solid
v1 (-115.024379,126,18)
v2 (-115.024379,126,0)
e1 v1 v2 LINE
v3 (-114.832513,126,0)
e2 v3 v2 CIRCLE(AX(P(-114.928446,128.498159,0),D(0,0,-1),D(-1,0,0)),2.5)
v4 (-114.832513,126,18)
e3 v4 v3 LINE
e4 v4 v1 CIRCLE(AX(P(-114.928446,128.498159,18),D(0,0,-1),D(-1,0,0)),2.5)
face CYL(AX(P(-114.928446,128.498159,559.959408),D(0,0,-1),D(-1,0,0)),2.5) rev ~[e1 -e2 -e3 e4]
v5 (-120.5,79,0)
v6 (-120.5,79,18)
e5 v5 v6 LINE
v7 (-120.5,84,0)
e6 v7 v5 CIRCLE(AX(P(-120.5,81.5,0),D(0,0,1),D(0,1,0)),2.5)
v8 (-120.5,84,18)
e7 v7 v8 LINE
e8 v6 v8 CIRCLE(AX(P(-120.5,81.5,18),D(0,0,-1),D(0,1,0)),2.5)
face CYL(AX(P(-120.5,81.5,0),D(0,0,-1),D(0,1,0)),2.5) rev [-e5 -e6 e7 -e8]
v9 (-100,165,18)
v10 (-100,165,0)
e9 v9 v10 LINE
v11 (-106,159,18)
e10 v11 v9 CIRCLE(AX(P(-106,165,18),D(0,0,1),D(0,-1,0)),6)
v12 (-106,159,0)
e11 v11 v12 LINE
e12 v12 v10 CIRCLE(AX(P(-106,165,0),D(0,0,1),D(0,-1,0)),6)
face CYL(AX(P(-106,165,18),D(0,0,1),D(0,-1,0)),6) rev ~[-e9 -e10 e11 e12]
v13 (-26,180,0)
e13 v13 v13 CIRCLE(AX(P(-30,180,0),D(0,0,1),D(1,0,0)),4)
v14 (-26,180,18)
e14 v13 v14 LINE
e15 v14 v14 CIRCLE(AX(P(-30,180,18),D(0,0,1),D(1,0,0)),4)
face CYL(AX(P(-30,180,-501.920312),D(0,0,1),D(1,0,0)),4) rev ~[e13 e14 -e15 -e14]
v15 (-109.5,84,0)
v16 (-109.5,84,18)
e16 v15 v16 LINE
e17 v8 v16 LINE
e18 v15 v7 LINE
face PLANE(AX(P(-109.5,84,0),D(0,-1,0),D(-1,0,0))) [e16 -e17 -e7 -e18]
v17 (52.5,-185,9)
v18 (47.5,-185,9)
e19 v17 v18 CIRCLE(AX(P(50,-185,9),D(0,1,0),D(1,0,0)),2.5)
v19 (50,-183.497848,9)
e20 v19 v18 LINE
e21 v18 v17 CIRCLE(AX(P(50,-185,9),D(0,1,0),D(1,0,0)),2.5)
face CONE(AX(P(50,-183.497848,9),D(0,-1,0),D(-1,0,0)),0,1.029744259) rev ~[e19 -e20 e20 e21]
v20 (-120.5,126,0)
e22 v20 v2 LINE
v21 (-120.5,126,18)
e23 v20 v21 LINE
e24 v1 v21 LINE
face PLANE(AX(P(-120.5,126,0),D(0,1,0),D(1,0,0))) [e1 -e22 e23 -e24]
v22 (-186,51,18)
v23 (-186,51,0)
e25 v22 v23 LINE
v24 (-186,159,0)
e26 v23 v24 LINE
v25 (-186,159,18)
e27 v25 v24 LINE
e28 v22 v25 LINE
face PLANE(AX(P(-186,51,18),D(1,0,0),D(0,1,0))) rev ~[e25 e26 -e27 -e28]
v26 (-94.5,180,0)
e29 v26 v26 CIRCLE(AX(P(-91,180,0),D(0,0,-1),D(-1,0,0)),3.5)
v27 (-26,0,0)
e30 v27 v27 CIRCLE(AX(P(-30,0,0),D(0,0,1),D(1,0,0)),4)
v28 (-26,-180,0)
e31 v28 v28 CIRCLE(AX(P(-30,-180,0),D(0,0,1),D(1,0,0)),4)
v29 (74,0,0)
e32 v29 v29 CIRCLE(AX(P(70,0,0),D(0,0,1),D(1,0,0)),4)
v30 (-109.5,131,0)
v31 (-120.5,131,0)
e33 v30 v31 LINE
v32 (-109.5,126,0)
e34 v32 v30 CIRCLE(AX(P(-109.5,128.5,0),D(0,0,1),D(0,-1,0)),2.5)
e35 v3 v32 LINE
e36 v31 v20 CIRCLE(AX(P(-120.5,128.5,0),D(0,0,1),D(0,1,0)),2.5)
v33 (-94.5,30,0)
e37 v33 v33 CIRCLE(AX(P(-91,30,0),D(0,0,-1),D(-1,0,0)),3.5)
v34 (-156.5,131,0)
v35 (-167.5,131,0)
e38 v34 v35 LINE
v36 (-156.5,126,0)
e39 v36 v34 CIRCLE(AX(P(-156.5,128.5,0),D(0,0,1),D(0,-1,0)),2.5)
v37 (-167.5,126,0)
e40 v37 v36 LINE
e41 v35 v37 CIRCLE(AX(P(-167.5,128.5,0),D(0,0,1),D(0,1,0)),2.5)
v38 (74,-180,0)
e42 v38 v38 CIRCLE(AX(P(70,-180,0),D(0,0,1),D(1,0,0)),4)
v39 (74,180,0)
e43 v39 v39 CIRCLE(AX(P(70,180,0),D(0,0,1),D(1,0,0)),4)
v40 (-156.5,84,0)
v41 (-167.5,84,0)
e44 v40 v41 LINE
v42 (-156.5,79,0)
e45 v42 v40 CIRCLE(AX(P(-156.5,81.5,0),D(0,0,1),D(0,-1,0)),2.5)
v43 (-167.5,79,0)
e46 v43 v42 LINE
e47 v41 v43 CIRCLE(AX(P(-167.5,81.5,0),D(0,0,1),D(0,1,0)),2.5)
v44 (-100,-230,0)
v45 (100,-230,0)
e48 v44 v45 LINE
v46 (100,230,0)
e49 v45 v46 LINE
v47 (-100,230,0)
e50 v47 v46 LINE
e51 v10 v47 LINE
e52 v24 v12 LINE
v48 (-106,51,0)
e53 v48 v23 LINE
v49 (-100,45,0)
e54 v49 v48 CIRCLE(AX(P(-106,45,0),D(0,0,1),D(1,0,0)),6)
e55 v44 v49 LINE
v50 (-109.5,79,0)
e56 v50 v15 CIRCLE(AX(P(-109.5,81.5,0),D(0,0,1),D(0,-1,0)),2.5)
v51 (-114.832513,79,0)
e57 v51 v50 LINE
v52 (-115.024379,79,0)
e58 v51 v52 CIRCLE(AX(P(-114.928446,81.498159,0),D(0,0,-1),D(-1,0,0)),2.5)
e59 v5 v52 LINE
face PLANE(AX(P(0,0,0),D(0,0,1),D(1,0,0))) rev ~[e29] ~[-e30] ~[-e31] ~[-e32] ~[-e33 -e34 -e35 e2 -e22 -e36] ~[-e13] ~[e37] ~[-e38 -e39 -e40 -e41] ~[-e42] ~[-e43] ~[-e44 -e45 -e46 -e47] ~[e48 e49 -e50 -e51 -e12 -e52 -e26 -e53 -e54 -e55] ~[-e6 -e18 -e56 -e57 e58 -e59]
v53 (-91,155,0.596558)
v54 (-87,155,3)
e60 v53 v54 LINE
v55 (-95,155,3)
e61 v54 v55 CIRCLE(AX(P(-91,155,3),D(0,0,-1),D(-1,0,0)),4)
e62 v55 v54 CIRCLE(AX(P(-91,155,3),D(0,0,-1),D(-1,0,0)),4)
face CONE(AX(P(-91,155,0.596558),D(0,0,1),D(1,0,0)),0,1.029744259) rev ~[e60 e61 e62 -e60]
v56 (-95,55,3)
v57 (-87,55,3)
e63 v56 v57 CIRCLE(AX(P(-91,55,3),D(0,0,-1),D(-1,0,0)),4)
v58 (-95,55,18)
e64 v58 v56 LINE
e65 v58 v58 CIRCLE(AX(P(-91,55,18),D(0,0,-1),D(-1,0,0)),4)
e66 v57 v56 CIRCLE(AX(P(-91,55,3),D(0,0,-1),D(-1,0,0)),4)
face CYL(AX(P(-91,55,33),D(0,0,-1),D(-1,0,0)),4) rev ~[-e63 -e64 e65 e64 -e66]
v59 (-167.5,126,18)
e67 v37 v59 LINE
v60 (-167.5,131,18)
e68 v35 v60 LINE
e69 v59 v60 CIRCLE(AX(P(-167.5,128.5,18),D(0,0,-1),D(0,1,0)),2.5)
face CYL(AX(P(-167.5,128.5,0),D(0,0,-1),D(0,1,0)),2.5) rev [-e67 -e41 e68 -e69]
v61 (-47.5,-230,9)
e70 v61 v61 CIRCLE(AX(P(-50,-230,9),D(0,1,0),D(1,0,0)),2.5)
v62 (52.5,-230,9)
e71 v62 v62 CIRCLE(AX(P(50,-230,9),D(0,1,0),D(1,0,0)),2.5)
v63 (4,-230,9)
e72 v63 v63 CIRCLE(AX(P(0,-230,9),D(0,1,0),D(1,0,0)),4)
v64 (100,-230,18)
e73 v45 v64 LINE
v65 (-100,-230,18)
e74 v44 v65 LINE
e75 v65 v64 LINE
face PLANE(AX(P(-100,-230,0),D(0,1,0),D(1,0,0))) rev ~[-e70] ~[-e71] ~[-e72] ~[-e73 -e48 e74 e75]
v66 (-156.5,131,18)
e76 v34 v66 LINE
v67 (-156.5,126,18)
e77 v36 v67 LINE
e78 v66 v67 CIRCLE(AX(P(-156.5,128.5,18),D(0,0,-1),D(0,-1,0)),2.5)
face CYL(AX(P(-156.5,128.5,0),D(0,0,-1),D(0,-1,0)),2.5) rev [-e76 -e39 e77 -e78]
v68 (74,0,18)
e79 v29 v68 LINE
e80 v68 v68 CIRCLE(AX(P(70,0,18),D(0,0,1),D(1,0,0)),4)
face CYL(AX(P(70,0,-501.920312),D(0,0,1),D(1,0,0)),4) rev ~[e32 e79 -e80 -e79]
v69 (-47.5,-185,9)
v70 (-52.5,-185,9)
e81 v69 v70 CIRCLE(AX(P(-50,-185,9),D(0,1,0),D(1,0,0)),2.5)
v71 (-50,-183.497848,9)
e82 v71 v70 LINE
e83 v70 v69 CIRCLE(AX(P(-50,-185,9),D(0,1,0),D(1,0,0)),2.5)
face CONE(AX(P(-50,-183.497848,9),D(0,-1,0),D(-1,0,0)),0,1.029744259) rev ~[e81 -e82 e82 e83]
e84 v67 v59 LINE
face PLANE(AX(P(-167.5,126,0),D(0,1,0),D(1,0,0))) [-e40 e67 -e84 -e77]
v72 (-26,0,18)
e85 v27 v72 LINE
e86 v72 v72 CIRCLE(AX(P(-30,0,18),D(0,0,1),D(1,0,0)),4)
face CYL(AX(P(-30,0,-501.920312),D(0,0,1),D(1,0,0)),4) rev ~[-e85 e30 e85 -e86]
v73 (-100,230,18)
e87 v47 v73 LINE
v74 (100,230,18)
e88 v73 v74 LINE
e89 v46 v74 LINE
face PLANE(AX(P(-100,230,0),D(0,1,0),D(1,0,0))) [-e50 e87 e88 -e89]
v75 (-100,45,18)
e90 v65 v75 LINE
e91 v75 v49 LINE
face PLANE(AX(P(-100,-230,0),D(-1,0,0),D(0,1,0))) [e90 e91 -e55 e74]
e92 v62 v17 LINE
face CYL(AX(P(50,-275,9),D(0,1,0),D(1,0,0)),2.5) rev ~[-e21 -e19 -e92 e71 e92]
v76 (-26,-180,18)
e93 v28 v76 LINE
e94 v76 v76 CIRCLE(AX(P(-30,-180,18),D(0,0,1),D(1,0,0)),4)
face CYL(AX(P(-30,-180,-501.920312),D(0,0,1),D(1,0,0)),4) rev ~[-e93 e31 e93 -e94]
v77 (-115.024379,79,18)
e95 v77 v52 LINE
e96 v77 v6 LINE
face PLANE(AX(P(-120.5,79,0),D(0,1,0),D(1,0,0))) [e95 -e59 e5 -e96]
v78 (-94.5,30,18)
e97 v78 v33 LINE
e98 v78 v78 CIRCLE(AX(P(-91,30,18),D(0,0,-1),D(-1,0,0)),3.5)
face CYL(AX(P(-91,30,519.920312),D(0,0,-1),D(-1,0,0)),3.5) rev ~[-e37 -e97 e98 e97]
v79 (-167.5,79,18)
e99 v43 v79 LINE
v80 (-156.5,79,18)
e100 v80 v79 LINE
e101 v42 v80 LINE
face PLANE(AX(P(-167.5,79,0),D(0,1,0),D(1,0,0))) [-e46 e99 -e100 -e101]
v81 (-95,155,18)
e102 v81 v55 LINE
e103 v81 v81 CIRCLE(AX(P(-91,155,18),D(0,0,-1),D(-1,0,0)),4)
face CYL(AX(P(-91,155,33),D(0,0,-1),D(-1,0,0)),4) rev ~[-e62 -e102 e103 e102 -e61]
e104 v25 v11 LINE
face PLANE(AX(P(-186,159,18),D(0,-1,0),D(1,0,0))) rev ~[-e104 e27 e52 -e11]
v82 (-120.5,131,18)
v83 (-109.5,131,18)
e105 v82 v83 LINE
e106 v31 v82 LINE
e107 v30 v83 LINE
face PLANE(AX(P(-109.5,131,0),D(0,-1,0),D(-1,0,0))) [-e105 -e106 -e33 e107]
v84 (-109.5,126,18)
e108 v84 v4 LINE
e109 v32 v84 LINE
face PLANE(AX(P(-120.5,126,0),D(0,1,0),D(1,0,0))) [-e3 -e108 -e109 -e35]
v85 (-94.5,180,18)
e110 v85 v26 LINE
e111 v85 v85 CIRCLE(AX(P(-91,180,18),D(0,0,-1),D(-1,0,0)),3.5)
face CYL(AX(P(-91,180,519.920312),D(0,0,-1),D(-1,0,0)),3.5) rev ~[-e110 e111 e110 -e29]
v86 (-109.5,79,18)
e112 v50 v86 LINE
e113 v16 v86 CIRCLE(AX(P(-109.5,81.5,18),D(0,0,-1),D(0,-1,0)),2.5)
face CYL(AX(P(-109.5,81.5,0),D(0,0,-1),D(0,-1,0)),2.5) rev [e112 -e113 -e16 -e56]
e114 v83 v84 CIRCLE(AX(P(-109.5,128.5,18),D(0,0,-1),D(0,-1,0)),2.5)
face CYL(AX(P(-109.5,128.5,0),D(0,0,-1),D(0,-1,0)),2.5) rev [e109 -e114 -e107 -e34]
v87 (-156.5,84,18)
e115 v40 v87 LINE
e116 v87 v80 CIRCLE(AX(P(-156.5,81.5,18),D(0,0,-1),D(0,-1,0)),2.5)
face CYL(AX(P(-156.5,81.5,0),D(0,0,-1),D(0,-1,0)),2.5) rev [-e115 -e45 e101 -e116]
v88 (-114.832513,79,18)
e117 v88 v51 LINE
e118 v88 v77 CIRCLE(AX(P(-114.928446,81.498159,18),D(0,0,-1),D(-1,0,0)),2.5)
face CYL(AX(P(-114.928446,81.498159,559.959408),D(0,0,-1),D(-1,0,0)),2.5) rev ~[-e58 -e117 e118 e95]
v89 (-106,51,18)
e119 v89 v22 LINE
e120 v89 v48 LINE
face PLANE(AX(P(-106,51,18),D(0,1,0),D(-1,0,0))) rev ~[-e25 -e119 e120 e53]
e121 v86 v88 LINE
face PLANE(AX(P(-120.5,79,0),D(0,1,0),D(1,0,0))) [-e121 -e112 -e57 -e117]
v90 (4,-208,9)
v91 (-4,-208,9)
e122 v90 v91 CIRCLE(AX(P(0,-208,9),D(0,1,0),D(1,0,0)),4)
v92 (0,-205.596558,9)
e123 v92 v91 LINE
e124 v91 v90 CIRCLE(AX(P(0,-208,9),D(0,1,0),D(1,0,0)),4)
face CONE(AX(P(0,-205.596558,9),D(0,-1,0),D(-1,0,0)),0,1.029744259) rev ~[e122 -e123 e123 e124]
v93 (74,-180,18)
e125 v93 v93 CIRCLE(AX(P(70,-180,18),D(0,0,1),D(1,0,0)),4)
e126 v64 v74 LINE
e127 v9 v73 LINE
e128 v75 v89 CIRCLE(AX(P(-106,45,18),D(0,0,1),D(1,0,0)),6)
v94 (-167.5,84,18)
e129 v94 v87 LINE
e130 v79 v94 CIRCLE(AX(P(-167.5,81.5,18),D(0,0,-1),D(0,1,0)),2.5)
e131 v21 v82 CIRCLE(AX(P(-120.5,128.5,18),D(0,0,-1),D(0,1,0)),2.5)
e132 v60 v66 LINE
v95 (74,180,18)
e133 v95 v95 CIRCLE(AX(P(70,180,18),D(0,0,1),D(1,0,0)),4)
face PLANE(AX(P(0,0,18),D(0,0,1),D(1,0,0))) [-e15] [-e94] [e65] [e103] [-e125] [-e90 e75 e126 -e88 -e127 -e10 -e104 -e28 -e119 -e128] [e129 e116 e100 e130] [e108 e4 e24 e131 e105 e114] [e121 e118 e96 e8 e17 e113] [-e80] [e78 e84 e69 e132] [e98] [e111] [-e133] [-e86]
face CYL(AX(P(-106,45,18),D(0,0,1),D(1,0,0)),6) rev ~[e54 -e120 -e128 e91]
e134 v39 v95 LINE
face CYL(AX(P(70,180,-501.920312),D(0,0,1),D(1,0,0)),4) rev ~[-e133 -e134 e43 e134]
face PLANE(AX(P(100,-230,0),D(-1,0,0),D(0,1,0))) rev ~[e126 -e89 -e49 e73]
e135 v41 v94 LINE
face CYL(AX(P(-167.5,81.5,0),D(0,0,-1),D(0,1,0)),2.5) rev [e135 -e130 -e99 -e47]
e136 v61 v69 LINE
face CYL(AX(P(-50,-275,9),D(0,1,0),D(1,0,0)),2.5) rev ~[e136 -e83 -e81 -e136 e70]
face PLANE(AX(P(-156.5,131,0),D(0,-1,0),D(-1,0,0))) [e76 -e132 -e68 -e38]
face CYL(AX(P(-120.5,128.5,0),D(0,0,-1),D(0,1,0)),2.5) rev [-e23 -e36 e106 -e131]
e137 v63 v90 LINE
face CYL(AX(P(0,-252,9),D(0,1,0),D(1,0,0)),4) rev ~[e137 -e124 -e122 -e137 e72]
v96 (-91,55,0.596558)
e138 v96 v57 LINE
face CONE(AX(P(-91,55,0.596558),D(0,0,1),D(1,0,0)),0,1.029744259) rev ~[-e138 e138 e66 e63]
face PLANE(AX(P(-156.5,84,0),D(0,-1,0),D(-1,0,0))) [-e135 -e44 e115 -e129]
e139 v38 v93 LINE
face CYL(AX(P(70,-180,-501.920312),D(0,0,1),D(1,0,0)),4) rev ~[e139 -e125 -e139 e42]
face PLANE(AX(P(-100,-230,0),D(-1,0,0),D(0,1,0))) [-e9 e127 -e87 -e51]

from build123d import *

# Parameters (mm, degrees)
SKETCH1_W                   = 200
SKETCH1_H                   = 460
BOSS_EXTRUDE1_DEPTH         = 18
OTWORY_USTALAJ_CE_8_0MM1_D  = 8
OTW_R_7_0_7_1_D             = 7
OTW_R_5_0_5_1_D             = 5
OTW_R_5_0_5_1_DEPTH         = 45
OTW_R_5_0_5_1_TIP           = 1.502151548
DODANIE_WYCI_GNI_CIE1_DEPTH = 18
OTW_R_5_0_5_2_D             = 5
WYTNIJ_WYCI_GNI_CIE1_DEPTH  = 297.344394244
OTW_R_8_0_8_1_D             = 8
OTW_R_8_0_8_1_DEPTH         = 15
OTW_R_8_0_8_1_TIP           = 2.403442476
OTW_R_8_0_8_2_D             = 8
OTW_R_8_0_8_2_DEPTH         = 22
OTW_R_8_0_8_2_TIP           = 2.403442476


with BuildPart() as part:
    # Sketch1 → Boss-Extrude1 (new body)
    with BuildSketch(Plane.XY):
        Rectangle(SKETCH1_W, SKETCH1_H)
    extrude(amount=BOSS_EXTRUDE1_DEPTH)

    # Otwory ustalające Ø8.0mm1 (through all)
    with Locations(Plane(origin=(0, 0, 0), x_dir=(-1, 0, 0), z_dir=(0, 0, -1))):
        with Locations((-70, 180), (-70, 0), (-70, -180), (30, -180), (30, 0), (30, 180)):
            Hole(OTWORY_USTALAJ_CE_8_0MM1_D / 2)

    # Otwór Ø7.0 (7)1 (through all)
    with Locations(Plane.XY.offset(18)):
        with Locations((-91, 180), (-91, 30)):
            Hole(OTW_R_7_0_7_1_D / 2)

    # Otwór Ø5.0 (5)1
    with Locations(Plane(origin=(0, -230, 0), x_dir=(-1, 0, 0), z_dir=(0, -1, 0))):
        with Locations((50, -9), (-50, -9)):
            Hole(OTW_R_5_0_5_1_D / 2, depth=OTW_R_5_0_5_1_DEPTH)
            with Locations((0, 0, -(OTW_R_5_0_5_1_DEPTH + OTW_R_5_0_5_1_TIP / 2))):  # 118° drill point
                Cone(0, OTW_R_5_0_5_1_D / 2, OTW_R_5_0_5_1_TIP, mode=Mode.SUBTRACT)

    # Szkic8 → Dodanie-wyciągnięcie1 (add)
    with BuildSketch(Plane.XY.offset(18)):
        with BuildLine():
            Line((-100, 165), (-100, 45))
            ThreePointArc((-100, 45), (-101.757359313, 49.242640687), (-106, 51))
            Line((-106, 51), (-186, 51))
            Line((-186, 51), (-186, 159))
            Line((-186, 159), (-106, 159))
            ThreePointArc((-106, 159), (-101.757359313, 160.757359313), (-100, 165))
        make_face()
    extrude(amount=-DODANIE_WYCI_GNI_CIE1_DEPTH)

    # Otwór Ø5.0 (5)2 (through all)
    with Locations(Plane.XY.offset(18)):
        with Locations((-161.928446298, 128.5), (-114.928446334, 128.498158688), (-114.928446334, 81.498158688), (-161.928446298, 81.5)):
            Hole(OTW_R_5_0_5_2_D / 2)

    # Szkic11 → Wytnij-wyciągnięcie1 (cut, through all)
    with BuildSketch(Plane(origin=(0, 0, 0), x_dir=(-1, 0, 0), z_dir=(0, 0, -1))):
        with BuildLine():
            Line((109.5, 131), (120.5, 131))
            ThreePointArc((120.5, 131), (123, 128.5), (120.5, 126))
            Line((120.5, 126), (109.5, 126))
            ThreePointArc((109.5, 126), (107, 128.5), (109.5, 131))
        make_face()
        with BuildLine():
            Line((156.5, 131), (167.5, 131))
            ThreePointArc((167.5, 131), (170, 128.5), (167.5, 126))
            Line((167.5, 126), (156.5, 126))
            ThreePointArc((156.5, 126), (154, 128.5), (156.5, 131))
        make_face()
        with BuildLine():
            Line((109.5, 84), (120.5, 84))
            ThreePointArc((120.5, 84), (123, 81.5), (120.5, 79))
            Line((120.5, 79), (109.5, 79))
            ThreePointArc((109.5, 79), (107, 81.5), (109.5, 84))
        make_face()
        with BuildLine():
            Line((156.5, 84), (167.5, 84))
            ThreePointArc((167.5, 84), (170, 81.5), (167.5, 79))
            Line((167.5, 79), (156.5, 79))
            ThreePointArc((156.5, 79), (154, 81.5), (156.5, 84))
        make_face()
    extrude(amount=-WYTNIJ_WYCI_GNI_CIE1_DEPTH, mode=Mode.SUBTRACT)

    # Otwór Ø8.0 (8)1
    with Locations(Plane.XY.offset(18)):
        with Locations((-91, 155), (-91, 55)):
            Hole(OTW_R_8_0_8_1_D / 2, depth=OTW_R_8_0_8_1_DEPTH)
            with Locations((0, 0, -(OTW_R_8_0_8_1_DEPTH + OTW_R_8_0_8_1_TIP / 2))):  # 118° drill point
                Cone(0, OTW_R_8_0_8_1_D / 2, OTW_R_8_0_8_1_TIP, mode=Mode.SUBTRACT)

    # Otwór Ø8.0 (8)2
    with Locations(Plane(origin=(0, -230, 0), x_dir=(-1, 0, 0), z_dir=(0, -1, 0))):
        with Locations((0, -9)):
            Hole(OTW_R_8_0_8_2_D / 2, depth=OTW_R_8_0_8_2_DEPTH)
            with Locations((0, 0, -(OTW_R_8_0_8_2_DEPTH + OTW_R_8_0_8_2_TIP / 2))):  # 118° drill point
                Cone(0, OTW_R_8_0_8_2_D / 2, OTW_R_8_0_8_2_TIP, mode=Mode.SUBTRACT)


solid = part.part
